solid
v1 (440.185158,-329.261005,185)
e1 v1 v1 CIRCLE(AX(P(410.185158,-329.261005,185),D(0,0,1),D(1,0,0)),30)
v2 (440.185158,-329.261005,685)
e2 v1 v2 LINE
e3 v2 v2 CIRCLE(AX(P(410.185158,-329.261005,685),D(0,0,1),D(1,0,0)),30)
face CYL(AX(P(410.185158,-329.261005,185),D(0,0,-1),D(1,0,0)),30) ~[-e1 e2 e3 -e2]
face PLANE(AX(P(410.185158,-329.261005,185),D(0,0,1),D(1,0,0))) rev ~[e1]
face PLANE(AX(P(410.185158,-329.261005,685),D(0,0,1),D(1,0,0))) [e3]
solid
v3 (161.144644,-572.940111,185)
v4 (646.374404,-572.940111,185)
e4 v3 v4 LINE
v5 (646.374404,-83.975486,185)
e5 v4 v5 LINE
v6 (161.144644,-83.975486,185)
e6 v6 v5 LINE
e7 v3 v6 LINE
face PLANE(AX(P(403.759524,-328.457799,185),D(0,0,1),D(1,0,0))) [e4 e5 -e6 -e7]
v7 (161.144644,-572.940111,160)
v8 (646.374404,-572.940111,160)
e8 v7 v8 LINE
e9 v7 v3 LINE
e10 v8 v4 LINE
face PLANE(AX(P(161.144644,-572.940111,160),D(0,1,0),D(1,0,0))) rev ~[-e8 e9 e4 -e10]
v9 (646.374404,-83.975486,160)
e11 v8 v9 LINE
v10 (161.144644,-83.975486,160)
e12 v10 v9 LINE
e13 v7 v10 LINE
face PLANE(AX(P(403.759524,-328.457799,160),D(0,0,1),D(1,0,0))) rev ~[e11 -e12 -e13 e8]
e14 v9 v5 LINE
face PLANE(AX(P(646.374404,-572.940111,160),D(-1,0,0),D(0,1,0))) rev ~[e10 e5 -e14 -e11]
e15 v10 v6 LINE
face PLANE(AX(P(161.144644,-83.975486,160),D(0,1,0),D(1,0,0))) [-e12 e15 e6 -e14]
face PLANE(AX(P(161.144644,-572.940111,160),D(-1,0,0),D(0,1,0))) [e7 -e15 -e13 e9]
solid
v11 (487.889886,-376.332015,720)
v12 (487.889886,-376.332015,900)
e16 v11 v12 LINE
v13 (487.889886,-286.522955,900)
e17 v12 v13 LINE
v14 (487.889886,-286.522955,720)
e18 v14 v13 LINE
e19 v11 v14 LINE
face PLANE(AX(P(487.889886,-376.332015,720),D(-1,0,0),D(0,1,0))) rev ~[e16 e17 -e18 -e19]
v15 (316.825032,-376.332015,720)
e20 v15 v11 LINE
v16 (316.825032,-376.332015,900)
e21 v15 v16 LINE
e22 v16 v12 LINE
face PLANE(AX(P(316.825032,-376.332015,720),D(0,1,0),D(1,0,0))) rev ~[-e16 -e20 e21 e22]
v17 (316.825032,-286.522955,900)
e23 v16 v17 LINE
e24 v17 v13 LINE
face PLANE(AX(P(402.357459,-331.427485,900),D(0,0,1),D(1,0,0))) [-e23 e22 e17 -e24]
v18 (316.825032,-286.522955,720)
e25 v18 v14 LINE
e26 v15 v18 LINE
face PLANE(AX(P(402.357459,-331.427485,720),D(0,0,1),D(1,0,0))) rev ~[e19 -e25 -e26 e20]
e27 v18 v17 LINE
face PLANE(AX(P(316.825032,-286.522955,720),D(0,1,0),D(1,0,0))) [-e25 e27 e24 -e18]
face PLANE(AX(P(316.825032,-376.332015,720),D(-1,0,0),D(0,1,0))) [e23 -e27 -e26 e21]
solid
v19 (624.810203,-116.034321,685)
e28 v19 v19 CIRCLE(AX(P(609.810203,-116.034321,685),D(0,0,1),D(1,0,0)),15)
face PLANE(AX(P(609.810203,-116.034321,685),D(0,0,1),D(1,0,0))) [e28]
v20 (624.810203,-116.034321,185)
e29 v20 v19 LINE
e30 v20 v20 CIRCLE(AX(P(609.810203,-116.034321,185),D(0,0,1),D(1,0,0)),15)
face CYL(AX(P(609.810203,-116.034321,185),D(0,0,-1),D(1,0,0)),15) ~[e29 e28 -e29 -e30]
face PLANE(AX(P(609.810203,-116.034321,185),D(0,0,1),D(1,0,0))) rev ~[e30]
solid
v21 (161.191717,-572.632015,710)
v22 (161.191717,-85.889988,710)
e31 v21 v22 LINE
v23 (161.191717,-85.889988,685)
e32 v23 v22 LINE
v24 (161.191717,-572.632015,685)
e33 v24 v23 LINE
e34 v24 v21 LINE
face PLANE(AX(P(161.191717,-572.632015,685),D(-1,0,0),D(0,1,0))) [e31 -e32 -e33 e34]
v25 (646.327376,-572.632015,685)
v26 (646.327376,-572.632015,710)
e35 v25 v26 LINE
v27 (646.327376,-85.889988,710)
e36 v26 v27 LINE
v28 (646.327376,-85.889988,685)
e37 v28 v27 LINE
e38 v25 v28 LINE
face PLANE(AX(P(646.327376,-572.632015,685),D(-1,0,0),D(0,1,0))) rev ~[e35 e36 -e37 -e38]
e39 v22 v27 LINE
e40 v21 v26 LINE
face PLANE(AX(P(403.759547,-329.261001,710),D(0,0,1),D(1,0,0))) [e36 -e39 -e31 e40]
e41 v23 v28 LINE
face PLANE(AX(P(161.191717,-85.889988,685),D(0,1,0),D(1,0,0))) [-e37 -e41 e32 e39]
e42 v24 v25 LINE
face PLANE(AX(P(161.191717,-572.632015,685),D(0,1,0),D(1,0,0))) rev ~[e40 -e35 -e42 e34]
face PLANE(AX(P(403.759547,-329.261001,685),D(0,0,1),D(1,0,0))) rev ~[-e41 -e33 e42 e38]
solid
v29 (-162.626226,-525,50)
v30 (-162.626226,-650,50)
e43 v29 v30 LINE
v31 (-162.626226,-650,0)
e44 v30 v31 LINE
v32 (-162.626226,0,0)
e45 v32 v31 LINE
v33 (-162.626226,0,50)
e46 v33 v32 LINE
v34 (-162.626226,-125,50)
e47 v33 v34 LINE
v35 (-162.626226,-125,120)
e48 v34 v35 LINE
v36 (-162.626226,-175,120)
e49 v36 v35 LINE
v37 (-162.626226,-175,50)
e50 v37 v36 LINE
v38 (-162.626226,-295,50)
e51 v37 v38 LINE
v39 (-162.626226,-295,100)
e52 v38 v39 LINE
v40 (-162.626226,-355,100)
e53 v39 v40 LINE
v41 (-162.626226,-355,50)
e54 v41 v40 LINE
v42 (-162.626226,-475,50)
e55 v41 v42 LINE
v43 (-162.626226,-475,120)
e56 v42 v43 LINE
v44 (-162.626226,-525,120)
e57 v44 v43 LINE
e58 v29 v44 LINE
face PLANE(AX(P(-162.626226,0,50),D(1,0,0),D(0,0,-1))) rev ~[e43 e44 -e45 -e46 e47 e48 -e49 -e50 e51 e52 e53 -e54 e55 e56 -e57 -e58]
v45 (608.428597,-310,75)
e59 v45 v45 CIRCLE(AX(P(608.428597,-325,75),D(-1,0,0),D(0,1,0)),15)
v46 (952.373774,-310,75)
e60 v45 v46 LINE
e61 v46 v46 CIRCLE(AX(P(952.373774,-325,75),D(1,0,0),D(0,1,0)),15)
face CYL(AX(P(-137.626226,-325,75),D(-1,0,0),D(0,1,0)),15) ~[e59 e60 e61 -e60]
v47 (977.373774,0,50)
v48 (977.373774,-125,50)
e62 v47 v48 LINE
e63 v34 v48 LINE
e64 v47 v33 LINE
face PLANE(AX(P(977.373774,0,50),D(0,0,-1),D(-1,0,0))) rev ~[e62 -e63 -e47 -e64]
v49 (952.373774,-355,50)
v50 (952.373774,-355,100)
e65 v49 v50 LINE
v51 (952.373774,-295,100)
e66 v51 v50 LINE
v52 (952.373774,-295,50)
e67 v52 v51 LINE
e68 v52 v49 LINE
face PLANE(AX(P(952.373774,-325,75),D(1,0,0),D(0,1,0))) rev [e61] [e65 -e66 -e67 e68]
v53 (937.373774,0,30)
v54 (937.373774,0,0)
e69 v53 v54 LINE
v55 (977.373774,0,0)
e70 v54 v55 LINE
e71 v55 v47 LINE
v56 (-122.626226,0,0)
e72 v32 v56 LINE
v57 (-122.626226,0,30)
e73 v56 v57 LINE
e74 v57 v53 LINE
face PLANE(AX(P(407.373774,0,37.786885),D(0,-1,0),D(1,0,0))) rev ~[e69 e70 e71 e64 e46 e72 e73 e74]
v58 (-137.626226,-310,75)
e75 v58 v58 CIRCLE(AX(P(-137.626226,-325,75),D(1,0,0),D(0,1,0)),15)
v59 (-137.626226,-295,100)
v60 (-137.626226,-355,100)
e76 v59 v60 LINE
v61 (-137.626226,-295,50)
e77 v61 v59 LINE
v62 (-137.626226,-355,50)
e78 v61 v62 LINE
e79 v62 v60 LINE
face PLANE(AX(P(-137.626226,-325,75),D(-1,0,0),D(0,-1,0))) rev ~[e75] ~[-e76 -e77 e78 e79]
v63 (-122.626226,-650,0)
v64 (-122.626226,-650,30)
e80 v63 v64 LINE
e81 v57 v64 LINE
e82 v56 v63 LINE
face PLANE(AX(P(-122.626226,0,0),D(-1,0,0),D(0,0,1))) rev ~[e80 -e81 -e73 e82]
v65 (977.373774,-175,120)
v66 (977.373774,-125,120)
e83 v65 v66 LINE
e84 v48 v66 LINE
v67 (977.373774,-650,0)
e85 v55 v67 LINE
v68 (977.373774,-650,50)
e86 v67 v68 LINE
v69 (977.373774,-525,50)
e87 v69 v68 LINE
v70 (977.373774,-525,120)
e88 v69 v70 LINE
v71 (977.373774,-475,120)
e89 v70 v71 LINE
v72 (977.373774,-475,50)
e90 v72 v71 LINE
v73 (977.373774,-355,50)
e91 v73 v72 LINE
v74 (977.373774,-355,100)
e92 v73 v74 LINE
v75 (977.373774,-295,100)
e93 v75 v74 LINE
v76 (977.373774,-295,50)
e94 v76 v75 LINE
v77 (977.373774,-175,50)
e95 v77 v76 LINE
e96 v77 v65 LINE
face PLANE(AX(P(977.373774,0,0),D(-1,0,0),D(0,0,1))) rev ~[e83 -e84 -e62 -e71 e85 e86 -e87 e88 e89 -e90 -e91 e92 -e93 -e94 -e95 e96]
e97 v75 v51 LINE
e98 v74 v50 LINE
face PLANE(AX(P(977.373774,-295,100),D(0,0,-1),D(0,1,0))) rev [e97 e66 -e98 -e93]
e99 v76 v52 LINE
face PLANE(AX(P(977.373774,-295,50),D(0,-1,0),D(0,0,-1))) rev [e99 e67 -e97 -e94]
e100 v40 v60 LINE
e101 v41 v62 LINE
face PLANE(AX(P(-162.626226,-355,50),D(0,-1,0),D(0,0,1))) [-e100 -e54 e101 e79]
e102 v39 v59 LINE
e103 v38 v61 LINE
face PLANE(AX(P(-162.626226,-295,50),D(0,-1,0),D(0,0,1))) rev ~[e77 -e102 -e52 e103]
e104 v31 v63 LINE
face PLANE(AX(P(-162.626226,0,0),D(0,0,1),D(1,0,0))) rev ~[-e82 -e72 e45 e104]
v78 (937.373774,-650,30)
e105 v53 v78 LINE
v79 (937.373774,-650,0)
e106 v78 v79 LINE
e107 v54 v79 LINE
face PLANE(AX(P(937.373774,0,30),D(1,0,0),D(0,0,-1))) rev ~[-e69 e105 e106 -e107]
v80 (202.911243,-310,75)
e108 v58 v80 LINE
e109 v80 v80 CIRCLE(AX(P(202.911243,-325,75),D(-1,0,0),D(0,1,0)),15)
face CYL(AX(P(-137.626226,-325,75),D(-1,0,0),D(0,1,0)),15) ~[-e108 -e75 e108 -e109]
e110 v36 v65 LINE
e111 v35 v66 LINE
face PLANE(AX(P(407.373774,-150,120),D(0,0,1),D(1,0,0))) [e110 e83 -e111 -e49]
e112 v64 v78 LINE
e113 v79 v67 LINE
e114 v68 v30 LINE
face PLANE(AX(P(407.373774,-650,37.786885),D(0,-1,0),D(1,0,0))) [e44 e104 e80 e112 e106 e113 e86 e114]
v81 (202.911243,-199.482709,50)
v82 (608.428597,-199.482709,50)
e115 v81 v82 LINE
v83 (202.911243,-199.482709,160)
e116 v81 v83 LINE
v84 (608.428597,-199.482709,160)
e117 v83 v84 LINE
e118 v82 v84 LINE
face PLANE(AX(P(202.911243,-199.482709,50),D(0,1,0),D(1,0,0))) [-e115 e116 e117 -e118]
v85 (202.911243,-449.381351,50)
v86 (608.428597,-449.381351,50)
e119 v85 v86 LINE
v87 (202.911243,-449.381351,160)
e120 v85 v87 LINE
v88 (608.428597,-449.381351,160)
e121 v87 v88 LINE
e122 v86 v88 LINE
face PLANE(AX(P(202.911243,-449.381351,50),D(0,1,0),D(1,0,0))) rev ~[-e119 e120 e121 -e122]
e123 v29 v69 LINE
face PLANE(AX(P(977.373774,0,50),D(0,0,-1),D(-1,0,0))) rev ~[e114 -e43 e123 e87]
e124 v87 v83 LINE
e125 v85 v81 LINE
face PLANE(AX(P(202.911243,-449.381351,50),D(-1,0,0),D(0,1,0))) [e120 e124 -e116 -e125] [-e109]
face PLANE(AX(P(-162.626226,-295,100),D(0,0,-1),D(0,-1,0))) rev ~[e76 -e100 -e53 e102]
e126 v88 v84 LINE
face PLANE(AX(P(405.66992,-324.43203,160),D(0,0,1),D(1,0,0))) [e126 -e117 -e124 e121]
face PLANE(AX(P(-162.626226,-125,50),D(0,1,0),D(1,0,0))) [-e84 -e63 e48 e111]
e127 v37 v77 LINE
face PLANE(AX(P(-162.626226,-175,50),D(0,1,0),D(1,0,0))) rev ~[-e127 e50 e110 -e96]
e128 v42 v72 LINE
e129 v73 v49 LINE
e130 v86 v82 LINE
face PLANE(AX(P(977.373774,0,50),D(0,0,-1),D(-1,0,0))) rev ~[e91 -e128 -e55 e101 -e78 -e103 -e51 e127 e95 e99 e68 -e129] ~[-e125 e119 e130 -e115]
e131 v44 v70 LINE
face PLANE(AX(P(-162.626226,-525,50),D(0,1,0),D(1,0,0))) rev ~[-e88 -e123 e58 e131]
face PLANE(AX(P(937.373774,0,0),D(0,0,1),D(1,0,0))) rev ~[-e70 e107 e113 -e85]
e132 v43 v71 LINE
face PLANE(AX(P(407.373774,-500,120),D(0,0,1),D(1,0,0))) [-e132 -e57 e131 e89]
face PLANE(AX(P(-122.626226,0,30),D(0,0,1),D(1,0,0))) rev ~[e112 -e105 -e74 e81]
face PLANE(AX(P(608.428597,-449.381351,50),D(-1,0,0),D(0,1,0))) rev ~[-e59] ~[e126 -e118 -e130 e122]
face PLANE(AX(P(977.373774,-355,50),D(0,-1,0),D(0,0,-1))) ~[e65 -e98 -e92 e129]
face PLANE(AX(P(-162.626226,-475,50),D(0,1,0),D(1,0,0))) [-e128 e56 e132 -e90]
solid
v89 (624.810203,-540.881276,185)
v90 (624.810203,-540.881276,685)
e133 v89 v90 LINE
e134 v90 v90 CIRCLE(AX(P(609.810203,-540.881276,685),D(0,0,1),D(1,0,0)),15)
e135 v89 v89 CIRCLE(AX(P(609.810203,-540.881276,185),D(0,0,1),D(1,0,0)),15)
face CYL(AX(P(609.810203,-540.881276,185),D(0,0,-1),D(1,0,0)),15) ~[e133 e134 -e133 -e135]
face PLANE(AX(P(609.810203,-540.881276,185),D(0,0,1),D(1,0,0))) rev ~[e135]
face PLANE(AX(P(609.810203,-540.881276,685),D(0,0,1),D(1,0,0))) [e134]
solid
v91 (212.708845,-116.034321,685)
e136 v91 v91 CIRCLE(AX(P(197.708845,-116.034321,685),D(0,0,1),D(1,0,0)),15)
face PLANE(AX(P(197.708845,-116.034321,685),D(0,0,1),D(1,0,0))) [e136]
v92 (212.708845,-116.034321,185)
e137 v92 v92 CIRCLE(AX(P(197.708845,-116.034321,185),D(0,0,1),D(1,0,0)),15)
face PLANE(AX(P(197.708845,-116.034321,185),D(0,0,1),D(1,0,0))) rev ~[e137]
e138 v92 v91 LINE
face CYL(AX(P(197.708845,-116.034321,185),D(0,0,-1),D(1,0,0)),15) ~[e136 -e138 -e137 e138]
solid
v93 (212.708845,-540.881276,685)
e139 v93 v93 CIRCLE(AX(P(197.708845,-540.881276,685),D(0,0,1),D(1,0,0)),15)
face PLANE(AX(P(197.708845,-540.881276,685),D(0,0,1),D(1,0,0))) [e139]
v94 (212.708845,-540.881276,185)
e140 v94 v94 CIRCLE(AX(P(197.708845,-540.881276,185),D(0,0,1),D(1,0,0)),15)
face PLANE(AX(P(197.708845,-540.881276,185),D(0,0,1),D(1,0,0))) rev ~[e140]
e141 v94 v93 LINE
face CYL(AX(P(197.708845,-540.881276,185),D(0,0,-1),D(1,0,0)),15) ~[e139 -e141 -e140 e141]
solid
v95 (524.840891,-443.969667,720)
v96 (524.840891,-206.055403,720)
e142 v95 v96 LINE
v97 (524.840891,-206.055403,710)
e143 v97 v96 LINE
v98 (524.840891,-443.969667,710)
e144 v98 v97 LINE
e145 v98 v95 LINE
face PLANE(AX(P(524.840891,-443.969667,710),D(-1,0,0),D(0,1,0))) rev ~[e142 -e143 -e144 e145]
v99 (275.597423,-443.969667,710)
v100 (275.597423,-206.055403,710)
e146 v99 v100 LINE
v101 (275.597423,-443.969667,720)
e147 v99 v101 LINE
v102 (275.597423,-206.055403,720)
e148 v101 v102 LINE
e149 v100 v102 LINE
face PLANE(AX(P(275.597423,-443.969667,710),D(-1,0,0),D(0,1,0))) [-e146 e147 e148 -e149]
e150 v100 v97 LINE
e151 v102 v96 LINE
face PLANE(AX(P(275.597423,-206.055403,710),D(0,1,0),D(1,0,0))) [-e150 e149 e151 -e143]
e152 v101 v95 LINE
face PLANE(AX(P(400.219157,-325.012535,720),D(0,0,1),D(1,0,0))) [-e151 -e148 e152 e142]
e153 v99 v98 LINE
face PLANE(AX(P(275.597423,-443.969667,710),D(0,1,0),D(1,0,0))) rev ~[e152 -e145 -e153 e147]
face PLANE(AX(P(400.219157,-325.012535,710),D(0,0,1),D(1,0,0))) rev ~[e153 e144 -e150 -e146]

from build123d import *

# Parameters (mm, degrees)
F1_DEPTH  = 650
F2_W      = 60
F2_H      = 50
F3_DEPTH  = 25
F6_R      = 15
F7_DEPTH  = 1090
F8_W      = 1140
F8_H      = 50
F9_DEPTH  = 70
F10_W     = 405.5173546076
F10_H     = 249.8986423016
F11_DEPTH = 110
F12_W     = 485.2297604084
F12_H     = 488.9646247029
F13_DEPTH = 25
F14_R     = 30
F15_DEPTH = 500
F16_W     = 485.1356595755
F16_H     = 486.7420271039
F17_DEPTH = 25
F18_R     = 15
F19_DEPTH = 500
F20_W     = 249.2434680462
F20_H     = 237.9142642021
F21_DEPTH = 10
F22_W     = 171.0648536682
F22_H     = 89.8090600967
F23_DEPTH = 180


with BuildPart() as f1:
    # F0 (on Front) → F1 (new body)
    with BuildSketch(Plane.XZ):
        Polygon((-162.6262263714, 50), (-162.6262263714, 0), (-122.6262263714, 0), (-122.6262263714, 30), (937.3737736286, 30), (937.3737736286, 0), (977.3737736286, 0), (977.3737736286, 50), align=None)
    extrude(amount=F1_DEPTH)

    # F5: F3 across plane


with BuildPart() as f3:
    # F2 (on face) → F3 (new body)
    with BuildSketch(Plane(origin=(-162.6262263714, 0, 0), x_dir=(0, -1, 0), z_dir=(-1, 0, 0))):
        with Locations((325, 75)):
            Rectangle(F2_W, F2_H)
    extrude(amount=-F3_DEPTH)


with BuildPart() as f1_1:
    add(f1.part)
    add(f3.part.mirror(Plane(origin=(407.3737736286, -325, 25), x_dir=(0, -1, 0), z_dir=(-1, 0, 0))))


    add(f3.part)  # F7 merges F3
    # F6 (on face) → F7 (join, through all)
    with BuildSketch(Plane.YZ.offset(-137.6262263714)):
        with Locations((-325, 75)):
            Circle(F6_R)
    extrude(amount=F7_DEPTH)

    # F8 (on face) → F9 (join)
    with BuildSketch(Plane.XY.offset(50)):
        with Locations((407.3737736286, -150)):
            Rectangle(F8_W, F8_H)
        with Locations((407.3737736286, -500)):
            Rectangle(F8_W, F8_H)
    extrude(amount=F9_DEPTH)

    # F10 (on face) → F11 (join)
    with BuildSketch(Plane.XY.offset(50)):
        with Locations((405.6699201465, -324.4320303202)):
            Rectangle(F10_W, F10_H)
    extrude(amount=F11_DEPTH)


with BuildPart() as f13:
    # F12 (on face) → F13 (new body)
    with BuildSketch(Plane.XY.offset(160)):
        with Locations((403.7595242262, -328.4577988088)):
            Rectangle(F12_W, F12_H)
    extrude(amount=F13_DEPTH)


with BuildPart() as f15:
    # F14 (on face) → F15 (new body)
    with BuildSketch(Plane.XY.offset(185)):
        with Locations((410.1851582527, -329.2610049248)):
            Circle(F14_R)
    extrude(amount=F15_DEPTH)


with BuildPart() as f17:
    # F16 (on face) → F17 (new body)
    with BuildSketch(Plane.XY.offset(685)):
        with Locations((403.7595465779, -329.2610011995)):
            Rectangle(F16_W, F16_H)
    extrude(amount=F17_DEPTH)


with BuildPart() as f19:
    # F18 (on face) → F19 (new body, through all)
    with BuildSketch(Plane.XY.offset(185)):
        with Locations((197.7088451385, -116.0343214869)):
            Circle(F18_R)
        with Locations((609.8102033138, -116.0343214869)):
            Circle(F18_R)
        with Locations((197.7088451385, -540.8812761307)):
            Circle(F18_R)
        with Locations((609.8102033138, -540.8812761307)):
            Circle(F18_R)
    extrude(amount=F19_DEPTH)


with BuildPart() as f21:
    # F20 (on face) → F21 (new body)
    with BuildSketch(Plane.XY.offset(710)):
        with Locations((400.2191573381, -325.0125348568)):
            Rectangle(F20_W, F20_H)
    extrude(amount=F21_DEPTH)


with BuildPart() as f23:
    # F22 (on face) → F23 (new body)
    with BuildSketch(Plane.XY.offset(720)):
        with Locations((402.3574590683, -331.4274847507)):
            Rectangle(F22_W, F22_H)
    extrude(amount=F23_DEPTH)


solid = Compound([f1_1.part, f13.part, f15.part, f17.part, f19.part, f21.part, f23.part])
